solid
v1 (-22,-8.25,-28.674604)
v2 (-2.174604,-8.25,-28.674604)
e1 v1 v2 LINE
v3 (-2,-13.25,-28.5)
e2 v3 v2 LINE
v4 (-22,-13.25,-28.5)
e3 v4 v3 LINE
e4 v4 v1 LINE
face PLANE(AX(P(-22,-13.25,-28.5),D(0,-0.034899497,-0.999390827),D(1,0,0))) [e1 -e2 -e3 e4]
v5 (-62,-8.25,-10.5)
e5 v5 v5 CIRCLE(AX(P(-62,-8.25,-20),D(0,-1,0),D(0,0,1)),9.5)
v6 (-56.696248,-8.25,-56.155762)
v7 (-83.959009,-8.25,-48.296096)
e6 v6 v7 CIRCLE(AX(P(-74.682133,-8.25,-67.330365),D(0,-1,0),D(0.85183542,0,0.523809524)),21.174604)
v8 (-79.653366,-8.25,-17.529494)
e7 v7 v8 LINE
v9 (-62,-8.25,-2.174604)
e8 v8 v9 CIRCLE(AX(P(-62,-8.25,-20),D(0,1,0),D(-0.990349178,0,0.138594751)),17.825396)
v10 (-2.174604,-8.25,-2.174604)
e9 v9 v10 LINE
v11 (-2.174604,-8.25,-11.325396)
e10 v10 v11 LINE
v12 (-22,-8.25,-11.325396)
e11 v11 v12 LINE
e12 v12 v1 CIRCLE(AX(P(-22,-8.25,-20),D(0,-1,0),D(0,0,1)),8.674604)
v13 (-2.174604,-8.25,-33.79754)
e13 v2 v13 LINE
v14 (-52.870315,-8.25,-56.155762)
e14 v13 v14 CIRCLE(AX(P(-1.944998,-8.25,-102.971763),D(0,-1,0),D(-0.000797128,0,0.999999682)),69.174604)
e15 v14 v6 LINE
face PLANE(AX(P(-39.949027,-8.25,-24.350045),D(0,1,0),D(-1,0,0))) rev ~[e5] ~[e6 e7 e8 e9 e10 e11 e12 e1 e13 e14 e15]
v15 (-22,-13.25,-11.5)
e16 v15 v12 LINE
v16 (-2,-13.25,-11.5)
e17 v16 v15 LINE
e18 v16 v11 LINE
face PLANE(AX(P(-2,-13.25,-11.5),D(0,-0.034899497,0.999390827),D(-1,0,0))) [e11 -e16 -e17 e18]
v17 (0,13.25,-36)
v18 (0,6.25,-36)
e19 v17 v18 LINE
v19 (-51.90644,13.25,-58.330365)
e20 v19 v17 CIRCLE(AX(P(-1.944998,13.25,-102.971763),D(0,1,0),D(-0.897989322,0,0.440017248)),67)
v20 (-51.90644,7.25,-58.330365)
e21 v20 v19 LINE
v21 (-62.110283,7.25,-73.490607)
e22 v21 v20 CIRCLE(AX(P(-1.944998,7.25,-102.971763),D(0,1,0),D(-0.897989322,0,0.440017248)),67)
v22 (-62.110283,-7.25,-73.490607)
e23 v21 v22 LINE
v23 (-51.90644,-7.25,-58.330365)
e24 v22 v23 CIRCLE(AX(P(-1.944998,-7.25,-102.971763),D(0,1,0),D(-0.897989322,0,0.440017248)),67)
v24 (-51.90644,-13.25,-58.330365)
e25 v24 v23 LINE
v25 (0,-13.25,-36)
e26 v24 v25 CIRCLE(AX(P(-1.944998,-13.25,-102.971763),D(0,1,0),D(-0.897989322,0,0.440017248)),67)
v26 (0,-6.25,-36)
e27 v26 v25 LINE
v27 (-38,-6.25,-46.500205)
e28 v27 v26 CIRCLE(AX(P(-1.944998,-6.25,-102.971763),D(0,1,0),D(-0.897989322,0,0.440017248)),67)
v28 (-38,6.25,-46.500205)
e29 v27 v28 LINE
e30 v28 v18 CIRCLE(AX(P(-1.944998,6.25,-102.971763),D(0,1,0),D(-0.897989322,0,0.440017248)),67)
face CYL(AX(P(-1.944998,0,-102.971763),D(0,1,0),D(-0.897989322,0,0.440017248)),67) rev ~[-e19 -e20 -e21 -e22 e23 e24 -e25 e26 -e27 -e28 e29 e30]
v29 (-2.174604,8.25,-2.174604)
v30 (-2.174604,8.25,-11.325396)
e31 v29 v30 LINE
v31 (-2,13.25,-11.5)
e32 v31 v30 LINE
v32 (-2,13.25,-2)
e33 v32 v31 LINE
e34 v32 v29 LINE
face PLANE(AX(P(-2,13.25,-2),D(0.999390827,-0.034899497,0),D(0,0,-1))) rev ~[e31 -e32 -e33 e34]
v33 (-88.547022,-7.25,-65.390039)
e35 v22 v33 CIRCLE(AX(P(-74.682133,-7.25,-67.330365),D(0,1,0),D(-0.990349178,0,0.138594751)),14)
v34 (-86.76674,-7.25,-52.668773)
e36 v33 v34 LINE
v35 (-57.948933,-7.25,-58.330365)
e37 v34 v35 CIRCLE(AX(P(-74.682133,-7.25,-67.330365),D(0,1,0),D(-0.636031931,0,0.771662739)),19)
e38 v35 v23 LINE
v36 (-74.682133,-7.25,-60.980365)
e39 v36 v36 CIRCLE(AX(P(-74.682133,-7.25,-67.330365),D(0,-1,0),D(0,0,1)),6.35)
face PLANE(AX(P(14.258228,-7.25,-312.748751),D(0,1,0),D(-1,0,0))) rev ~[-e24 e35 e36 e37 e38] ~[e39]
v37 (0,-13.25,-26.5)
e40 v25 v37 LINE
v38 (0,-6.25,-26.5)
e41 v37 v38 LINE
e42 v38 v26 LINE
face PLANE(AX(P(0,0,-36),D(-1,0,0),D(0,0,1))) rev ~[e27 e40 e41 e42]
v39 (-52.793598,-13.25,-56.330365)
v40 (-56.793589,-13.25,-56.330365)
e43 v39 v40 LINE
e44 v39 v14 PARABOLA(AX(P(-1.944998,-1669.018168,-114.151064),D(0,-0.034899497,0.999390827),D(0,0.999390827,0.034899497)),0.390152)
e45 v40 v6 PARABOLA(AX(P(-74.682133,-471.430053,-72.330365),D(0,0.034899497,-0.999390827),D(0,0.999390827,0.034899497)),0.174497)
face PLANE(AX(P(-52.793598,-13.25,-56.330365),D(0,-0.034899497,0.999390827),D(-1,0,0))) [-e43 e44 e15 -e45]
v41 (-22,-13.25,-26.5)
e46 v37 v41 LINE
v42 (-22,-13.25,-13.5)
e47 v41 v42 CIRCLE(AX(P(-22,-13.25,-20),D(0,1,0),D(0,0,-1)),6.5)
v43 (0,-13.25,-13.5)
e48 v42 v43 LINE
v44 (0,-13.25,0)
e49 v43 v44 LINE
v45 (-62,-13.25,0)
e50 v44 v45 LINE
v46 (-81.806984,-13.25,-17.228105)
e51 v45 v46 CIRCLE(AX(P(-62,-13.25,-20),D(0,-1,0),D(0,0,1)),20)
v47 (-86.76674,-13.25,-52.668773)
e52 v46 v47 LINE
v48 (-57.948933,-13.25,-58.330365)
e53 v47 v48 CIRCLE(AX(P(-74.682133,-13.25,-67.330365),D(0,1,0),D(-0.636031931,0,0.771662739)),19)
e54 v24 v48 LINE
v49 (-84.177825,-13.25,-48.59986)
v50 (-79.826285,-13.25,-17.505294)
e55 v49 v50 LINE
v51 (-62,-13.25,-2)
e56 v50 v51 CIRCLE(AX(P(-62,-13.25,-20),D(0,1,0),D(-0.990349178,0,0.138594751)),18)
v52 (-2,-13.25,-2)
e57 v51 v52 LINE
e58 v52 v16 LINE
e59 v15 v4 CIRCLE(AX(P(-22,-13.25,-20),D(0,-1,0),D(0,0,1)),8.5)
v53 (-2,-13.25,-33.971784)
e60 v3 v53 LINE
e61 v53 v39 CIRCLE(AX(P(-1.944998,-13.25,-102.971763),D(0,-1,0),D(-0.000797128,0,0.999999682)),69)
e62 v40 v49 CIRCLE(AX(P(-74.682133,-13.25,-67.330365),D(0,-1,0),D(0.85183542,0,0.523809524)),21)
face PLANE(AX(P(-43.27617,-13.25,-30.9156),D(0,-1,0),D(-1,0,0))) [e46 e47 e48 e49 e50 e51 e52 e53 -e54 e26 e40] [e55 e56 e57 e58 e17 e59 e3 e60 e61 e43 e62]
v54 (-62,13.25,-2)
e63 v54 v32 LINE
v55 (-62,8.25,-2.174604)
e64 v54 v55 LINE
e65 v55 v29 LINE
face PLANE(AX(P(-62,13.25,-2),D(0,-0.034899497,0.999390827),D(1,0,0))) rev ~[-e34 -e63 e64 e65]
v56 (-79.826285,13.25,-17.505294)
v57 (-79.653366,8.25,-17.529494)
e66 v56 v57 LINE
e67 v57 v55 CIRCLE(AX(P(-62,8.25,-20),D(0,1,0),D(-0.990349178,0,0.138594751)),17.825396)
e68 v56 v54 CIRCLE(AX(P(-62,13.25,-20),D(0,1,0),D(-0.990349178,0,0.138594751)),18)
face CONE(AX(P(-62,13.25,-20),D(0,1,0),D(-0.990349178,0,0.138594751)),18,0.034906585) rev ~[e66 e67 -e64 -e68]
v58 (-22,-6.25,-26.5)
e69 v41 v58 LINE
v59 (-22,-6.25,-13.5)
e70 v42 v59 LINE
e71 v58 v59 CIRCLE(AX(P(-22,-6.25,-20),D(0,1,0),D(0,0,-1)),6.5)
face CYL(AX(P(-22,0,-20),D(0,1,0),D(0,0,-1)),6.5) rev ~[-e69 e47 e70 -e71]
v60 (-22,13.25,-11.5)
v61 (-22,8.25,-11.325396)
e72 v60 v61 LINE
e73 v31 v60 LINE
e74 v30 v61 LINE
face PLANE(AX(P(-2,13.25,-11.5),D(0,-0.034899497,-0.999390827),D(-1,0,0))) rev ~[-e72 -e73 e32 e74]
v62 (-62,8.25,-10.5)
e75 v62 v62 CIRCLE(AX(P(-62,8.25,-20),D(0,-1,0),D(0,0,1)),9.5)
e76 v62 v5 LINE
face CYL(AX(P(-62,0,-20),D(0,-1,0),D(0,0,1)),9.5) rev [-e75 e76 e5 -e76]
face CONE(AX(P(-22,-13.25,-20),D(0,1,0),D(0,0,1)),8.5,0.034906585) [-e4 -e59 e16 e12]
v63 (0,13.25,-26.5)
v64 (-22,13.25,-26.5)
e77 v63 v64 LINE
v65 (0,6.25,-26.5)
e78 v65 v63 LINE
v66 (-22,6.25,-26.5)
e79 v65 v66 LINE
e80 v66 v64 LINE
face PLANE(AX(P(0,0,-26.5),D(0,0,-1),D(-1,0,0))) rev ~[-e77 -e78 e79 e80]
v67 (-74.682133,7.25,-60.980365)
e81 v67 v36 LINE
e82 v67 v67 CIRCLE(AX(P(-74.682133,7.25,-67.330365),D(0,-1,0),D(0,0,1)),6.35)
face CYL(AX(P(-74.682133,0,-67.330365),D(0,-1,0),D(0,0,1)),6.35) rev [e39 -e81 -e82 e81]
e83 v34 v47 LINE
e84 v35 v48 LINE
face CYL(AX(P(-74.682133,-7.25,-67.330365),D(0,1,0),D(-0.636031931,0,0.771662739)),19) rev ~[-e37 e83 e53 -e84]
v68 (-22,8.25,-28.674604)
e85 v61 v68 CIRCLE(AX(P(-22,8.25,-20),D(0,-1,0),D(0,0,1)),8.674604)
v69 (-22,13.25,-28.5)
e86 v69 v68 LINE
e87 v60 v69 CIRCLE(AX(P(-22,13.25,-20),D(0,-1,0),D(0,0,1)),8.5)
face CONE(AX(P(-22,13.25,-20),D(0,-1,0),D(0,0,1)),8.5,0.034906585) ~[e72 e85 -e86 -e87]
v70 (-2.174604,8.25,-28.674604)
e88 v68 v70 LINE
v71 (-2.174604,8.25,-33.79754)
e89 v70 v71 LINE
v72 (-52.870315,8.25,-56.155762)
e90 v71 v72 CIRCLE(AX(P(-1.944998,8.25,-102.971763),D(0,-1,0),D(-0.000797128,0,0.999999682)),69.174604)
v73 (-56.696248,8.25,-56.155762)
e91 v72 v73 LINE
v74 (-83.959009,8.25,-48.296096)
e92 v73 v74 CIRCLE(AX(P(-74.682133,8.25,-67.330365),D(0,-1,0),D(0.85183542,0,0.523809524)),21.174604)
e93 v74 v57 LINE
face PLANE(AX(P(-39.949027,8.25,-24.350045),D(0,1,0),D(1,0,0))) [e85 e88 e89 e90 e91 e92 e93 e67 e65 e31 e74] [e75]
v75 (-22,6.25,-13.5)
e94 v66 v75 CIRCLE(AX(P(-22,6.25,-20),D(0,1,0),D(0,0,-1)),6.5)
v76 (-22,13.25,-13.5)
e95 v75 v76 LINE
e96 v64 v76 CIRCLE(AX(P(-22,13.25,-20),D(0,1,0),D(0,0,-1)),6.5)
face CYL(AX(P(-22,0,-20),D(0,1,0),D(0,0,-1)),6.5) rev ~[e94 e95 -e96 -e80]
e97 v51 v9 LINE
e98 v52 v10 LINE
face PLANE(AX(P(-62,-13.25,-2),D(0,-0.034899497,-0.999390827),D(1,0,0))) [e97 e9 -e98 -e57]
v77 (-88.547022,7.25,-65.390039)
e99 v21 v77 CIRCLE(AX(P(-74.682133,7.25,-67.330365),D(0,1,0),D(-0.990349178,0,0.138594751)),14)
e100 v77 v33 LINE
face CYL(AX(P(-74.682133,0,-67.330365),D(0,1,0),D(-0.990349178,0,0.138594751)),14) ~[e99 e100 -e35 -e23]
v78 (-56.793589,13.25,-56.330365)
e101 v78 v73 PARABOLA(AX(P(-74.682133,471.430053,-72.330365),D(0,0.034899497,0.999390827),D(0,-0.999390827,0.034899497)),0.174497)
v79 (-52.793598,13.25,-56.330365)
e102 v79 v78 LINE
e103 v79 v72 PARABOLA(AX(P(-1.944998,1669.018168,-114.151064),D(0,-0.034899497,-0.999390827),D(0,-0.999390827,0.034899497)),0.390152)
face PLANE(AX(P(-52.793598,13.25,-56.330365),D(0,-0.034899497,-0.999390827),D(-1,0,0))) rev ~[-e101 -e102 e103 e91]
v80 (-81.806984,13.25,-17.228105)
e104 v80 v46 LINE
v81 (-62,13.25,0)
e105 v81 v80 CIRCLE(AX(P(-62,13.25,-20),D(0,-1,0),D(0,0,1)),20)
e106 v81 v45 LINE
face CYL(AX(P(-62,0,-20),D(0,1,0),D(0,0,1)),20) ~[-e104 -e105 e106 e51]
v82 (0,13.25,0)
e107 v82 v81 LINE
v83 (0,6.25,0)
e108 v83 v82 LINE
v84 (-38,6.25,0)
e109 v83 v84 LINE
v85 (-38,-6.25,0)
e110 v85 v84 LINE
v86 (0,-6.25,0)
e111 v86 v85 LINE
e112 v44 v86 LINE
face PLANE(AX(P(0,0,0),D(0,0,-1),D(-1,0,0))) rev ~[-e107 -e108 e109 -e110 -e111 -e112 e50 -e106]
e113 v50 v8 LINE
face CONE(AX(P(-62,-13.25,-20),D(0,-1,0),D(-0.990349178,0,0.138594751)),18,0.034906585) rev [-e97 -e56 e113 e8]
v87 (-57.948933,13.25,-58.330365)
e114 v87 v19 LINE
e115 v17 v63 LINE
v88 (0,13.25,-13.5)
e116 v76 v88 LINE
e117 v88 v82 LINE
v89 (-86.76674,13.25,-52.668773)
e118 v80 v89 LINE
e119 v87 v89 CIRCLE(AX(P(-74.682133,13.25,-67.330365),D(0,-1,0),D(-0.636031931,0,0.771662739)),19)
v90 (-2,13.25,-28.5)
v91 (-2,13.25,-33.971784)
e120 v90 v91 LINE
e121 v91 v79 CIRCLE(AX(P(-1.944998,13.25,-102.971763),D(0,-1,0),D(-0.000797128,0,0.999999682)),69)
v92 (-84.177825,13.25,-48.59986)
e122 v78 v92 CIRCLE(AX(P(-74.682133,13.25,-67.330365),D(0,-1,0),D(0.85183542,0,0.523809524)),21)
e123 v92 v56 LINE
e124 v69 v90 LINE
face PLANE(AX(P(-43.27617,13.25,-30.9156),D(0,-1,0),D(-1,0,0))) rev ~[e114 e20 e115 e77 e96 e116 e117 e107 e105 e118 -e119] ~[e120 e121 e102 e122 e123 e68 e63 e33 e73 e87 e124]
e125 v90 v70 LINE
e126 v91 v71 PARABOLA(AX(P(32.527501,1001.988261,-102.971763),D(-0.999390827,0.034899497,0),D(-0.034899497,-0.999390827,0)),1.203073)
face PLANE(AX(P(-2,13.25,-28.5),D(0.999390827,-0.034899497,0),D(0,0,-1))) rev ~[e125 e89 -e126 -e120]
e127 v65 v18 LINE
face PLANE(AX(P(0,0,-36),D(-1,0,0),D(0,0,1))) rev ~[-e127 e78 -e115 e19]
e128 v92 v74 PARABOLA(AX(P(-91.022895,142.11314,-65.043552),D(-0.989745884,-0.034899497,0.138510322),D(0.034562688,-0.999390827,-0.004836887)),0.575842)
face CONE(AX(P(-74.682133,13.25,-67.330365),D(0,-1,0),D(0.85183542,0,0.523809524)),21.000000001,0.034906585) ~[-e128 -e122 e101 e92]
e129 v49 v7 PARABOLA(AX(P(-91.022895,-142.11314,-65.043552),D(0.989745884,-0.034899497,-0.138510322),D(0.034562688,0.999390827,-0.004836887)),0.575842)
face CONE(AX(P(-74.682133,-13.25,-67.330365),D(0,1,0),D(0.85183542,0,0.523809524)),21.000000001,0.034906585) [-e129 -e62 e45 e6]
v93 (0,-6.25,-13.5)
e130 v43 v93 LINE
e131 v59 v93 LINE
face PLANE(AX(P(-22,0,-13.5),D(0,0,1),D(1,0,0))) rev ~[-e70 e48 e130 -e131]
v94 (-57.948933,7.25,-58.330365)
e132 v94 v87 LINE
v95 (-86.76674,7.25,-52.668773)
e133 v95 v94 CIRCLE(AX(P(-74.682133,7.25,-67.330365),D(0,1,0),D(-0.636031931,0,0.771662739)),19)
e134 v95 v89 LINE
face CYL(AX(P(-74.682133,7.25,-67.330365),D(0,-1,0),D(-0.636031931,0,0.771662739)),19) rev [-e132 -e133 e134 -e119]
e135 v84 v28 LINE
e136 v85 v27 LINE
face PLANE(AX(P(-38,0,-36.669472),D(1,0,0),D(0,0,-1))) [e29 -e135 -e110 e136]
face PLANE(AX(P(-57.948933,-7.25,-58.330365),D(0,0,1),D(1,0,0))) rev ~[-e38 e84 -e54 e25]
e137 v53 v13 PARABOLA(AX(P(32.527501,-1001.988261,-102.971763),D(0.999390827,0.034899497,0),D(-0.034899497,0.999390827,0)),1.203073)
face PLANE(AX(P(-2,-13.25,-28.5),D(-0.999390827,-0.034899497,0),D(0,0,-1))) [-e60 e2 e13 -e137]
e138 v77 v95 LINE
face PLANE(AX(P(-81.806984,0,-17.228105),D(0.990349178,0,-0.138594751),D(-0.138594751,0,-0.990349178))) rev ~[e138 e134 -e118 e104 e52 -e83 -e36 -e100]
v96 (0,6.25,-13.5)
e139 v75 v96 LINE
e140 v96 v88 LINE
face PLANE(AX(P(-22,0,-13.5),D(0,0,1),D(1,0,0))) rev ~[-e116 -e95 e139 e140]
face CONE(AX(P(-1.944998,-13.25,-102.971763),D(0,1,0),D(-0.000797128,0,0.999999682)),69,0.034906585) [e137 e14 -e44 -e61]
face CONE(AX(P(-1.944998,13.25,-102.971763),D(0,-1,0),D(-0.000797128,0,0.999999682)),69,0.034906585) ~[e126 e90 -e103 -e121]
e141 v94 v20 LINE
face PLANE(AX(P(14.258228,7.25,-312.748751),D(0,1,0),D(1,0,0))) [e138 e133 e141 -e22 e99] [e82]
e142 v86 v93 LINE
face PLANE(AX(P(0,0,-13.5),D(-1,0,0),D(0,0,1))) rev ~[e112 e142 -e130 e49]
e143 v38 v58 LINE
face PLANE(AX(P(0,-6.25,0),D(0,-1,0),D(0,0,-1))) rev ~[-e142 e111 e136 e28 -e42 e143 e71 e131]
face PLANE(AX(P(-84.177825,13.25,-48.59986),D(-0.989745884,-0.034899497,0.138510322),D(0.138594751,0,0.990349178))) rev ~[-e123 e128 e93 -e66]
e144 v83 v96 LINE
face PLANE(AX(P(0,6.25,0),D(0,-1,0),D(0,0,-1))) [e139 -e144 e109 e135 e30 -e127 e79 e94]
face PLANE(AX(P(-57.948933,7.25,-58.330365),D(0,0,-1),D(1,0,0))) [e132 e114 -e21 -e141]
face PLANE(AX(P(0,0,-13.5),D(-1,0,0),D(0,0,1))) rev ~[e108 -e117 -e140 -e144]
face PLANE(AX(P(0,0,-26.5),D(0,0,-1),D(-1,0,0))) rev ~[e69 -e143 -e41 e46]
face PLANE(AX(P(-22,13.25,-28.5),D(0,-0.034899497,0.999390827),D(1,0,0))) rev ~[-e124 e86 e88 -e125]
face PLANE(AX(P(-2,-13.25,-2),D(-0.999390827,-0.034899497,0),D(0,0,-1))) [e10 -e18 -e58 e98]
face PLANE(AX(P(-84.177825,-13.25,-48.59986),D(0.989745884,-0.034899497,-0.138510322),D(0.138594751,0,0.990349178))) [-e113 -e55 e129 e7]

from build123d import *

# Parameters (mm, degrees)
SKETCH1_R               = 9.5
SKETCH1_R_2             = 6.35
BOSS_EXTRUDE1_DEPTH     = 13.25
SKETCH2_W               = 73.338944958
SKETCH2_H               = 12.5
CUT_EXTRUDE3_DEPTH      = 38
CUT_EXTRUDE5_DEPTH      = 124.21282036
CUT_EXTRUDE5_DEPTH_BACK = 6
CUT_EXTRUDE6_DEPTH      = 124.21282036
CUT_EXTRUDE6_DEPTH_BACK = 6
CUT_EXTRUDE8_DEPTH      = 5
CUT_EXTRUDE8_DRAFT      = -2
MIRROR8_COPY_1_DEPTH    = 5
MIRROR8_COPY_1_DRAFT    = -2


with BuildPart() as part:
    # Sketch1 → Boss-Extrude1 (new, symmetric)
    with BuildSketch(Plane(origin=(0, 0, 0), x_dir=(1, 0, 0), z_dir=(0, 1, 0))):
        with BuildLine():
            Line((0, 0), (-62, 0))
            ThreePointArc((-62, 0), (-75.125587601, 4.90964049), (-81.806983567, 17.228104986))
            Line((-81.806983567, 17.228104986), (-88.547021707, 65.390038979))
            ThreePointArc((-88.547021707, 65.390038979), (-78.78369233, 80.716074763), (-62.110282709, 73.49060696))
            ThreePointArc((-62.110282709, 73.49060696), (-36.56849942, 45.611382856), (0, 36))
            Line((0, 36), (0, 26.5))
            Line((0, 26.5), (-22, 26.5))
            ThreePointArc((-22, 26.5), (-28.5, 20), (-22, 13.5))
            Line((-22, 13.5), (0, 13.5))
            Line((0, 13.5), (0, 0))
        make_face()
        with Locations(Location((-62, 20, 0), (0, 0, 270))):
            Circle(SKETCH1_R, mode=Mode.SUBTRACT)
        with Locations(Location((-74.68213321, 67.330365488, 0), (0, 0, 270))):
            Circle(SKETCH1_R_2, mode=Mode.SUBTRACT)
    extrude(amount=BOSS_EXTRUDE1_DEPTH, both=True)

    # Sketch2 → Cut-Extrude3 (cut)
    with BuildSketch(Plane(origin=(0, 0, 0), x_dir=(0, 0, -1), z_dir=(1, 0, 0))):
        with Locations((36.669472479, 0)):
            Rectangle(SKETCH2_W, SKETCH2_H)
    extrude(amount=-CUT_EXTRUDE3_DEPTH, mode=Mode.SUBTRACT)

    # Sketch3 → Cut-Extrude5 (cut, two sides: drawn at the far end of the back side and taken through both)
    with BuildSketch(Plane(origin=(0, 13.25, 0), x_dir=(1, 0, 0), z_dir=(0, 1, 0)).offset(-CUT_EXTRUDE5_DEPTH_BACK)):
        with BuildLine():
            Line((-251.132551902, 188.14493361), (-86.7667399, 52.668773448))
            ThreePointArc((-86.7667399, 52.668773448), (-71.019379836, 48.686754311), (-57.948932679, 58.330365488))
            Line((-57.948932679, 58.330365488), (-51.906439966, 58.330365488))
            Line((-51.906439966, 58.330365488), (161.095696471, 58.330365488))
            Line((161.095696471, 58.330365488), (289.053745356, 464.663207174))
            Line((289.053745356, 464.663207174), (-123.174503017, 594.477775296))
            Line((-123.174503017, 594.477775296), (-251.132551902, 188.14493361))
        make_face()
    extrude(amount=CUT_EXTRUDE5_DEPTH + CUT_EXTRUDE5_DEPTH_BACK, mode=Mode.SUBTRACT)

    # Sketch4 → Cut-Extrude6 (cut, two sides: drawn at the far end of the back side and taken through both)
    with BuildSketch(Plane.XZ.offset(13.25).offset(-CUT_EXTRUDE6_DEPTH_BACK)):
        with BuildLine():
            Line((-251.132551902, -188.14493361), (-86.7667399, -52.668773448))
            ThreePointArc((-86.7667399, -52.668773448), (-71.019379836, -48.686754311), (-57.948932679, -58.330365488))
            Line((-57.948932679, -58.330365488), (-51.906439966, -58.330365488))
            Line((-51.906439966, -58.330365488), (161.095696471, -58.330365488))
            Line((161.095696471, -58.330365488), (289.053745356, -464.663207174))
            Line((289.053745356, -464.663207174), (-123.174503017, -594.477775296))
            Line((-123.174503017, -594.477775296), (-251.132551902, -188.14493361))
        make_face()
    extrude(amount=CUT_EXTRUDE6_DEPTH + CUT_EXTRUDE6_DEPTH_BACK, mode=Mode.SUBTRACT)


with BuildPart() as cut_extrude8_tool:
    # Sketch6 → Cut-Extrude8 (with draft: the straight prism first)
    with BuildSketch(Plane(origin=(0, 13.25, 0), x_dir=(1, 0, 0), z_dir=(0, 1, 0))):
        with BuildLine():
            Line((-2, 28.5), (-2, 33.971784495))
            ThreePointArc((-2, 33.971784495), (-29.743751646, 39.819333442), (-52.793597737, 56.330365488))
            Line((-52.793597737, 56.330365488), (-56.79358939, 56.330365488))
            ThreePointArc((-56.79358939, 56.330365488), (-68.976857381, 47.120223784), (-84.177824667, 48.599859789))
            Line((-84.177824667, 48.599859789), (-79.826285211, 17.505294488))
            ThreePointArc((-79.826285211, 17.505294488), (-73.813028841, 6.418676441), (-62, 2))
            Line((-62, 2), (-2, 2))
            Line((-2, 2), (-2, 11.5))
            Line((-2, 11.5), (-22, 11.5))
            ThreePointArc((-22, 11.5), (-30.5, 20), (-22, 28.5))
            Line((-22, 28.5), (-2, 28.5))
        make_face()
    extrude(amount=-CUT_EXTRUDE8_DEPTH)
    # Cut-Extrude8: the draft: its side faces are tilted about the plane it starts from
    cut_extrude8_sides = [cut_extrude8_tool.faces().sort_by_distance(p)[0] for p in [
        (-12, 10.75, -28.5),
        (-2, 10.75, -31.235892247),
        (-29.743751646, 10.75, -39.819333442),
        (-54.793593564, 10.75, -56.330365488),
        (-68.976857381, 10.75, -47.120223784),
        (-82.002054939, 10.75, -33.052577138),
        (-73.813028841, 10.75, -6.418676441),
        (-32, 10.75, -2),
        (-2, 10.75, -6.75),
        (-12, 10.75, -11.5),
        (-30.5, 10.75, -20),
    ]]
    draft(cut_extrude8_sides, Plane(origin=(0, 13.25, 0), x_dir=(1, 0, 0), z_dir=(0, 1, 0)), CUT_EXTRUDE8_DRAFT)


with BuildPart() as part_1:
    add(part.part)

    # Cut-Extrude8: cut by cut_extrude8_tool
    add(cut_extrude8_tool.part, mode=Mode.SUBTRACT)


with BuildPart() as mirror8_copy_1_tool:
    # Mirror8 copy 1 sketch → Mirror8 copy 1 (with draft: the straight prism first)
    with BuildSketch(Plane.XZ.offset(13.25)):
        with BuildLine():
            Line((-2, -28.5), (-2, -33.971784495))
            ThreePointArc((-2, -33.971784495), (-29.743751646, -39.819333442), (-52.793597737, -56.330365488))
            Line((-52.793597737, -56.330365488), (-56.79358939, -56.330365488))
            ThreePointArc((-56.79358939, -56.330365488), (-68.976857381, -47.120223784), (-84.177824667, -48.599859789))
            Line((-84.177824667, -48.599859789), (-79.826285211, -17.505294488))
            ThreePointArc((-79.826285211, -17.505294488), (-73.813028841, -6.418676441), (-62, -2))
            Line((-62, -2), (-2, -2))
            Line((-2, -2), (-2, -11.5))
            Line((-2, -11.5), (-22, -11.5))
            ThreePointArc((-22, -11.5), (-30.5, -20), (-22, -28.5))
            Line((-22, -28.5), (-2, -28.5))
        make_face()
    extrude(amount=-MIRROR8_COPY_1_DEPTH)
    # Mirror8 copy 1: the draft: its side faces are tilted about the plane it starts from
    mirror8_copy_1_sides = [mirror8_copy_1_tool.faces().sort_by_distance(p)[0] for p in [
        (-12, -10.75, -28.5),
        (-2, -10.75, -31.235892247),
        (-29.743751646, -10.75, -39.819333442),
        (-54.793593564, -10.75, -56.330365488),
        (-68.976857381, -10.75, -47.120223784),
        (-82.002054939, -10.75, -33.052577138),
        (-73.813028841, -10.75, -6.418676441),
        (-32, -10.75, -2),
        (-2, -10.75, -6.75),
        (-12, -10.75, -11.5),
        (-30.5, -10.75, -20),
    ]]
    draft(mirror8_copy_1_sides, Plane.XZ.offset(13.25), MIRROR8_COPY_1_DRAFT)


with BuildPart() as part_2:
    add(part_1.part)

    # Mirror8 copy 1: cut by mirror8_copy_1_tool
    add(mirror8_copy_1_tool.part, mode=Mode.SUBTRACT)


solid = part_2.part
